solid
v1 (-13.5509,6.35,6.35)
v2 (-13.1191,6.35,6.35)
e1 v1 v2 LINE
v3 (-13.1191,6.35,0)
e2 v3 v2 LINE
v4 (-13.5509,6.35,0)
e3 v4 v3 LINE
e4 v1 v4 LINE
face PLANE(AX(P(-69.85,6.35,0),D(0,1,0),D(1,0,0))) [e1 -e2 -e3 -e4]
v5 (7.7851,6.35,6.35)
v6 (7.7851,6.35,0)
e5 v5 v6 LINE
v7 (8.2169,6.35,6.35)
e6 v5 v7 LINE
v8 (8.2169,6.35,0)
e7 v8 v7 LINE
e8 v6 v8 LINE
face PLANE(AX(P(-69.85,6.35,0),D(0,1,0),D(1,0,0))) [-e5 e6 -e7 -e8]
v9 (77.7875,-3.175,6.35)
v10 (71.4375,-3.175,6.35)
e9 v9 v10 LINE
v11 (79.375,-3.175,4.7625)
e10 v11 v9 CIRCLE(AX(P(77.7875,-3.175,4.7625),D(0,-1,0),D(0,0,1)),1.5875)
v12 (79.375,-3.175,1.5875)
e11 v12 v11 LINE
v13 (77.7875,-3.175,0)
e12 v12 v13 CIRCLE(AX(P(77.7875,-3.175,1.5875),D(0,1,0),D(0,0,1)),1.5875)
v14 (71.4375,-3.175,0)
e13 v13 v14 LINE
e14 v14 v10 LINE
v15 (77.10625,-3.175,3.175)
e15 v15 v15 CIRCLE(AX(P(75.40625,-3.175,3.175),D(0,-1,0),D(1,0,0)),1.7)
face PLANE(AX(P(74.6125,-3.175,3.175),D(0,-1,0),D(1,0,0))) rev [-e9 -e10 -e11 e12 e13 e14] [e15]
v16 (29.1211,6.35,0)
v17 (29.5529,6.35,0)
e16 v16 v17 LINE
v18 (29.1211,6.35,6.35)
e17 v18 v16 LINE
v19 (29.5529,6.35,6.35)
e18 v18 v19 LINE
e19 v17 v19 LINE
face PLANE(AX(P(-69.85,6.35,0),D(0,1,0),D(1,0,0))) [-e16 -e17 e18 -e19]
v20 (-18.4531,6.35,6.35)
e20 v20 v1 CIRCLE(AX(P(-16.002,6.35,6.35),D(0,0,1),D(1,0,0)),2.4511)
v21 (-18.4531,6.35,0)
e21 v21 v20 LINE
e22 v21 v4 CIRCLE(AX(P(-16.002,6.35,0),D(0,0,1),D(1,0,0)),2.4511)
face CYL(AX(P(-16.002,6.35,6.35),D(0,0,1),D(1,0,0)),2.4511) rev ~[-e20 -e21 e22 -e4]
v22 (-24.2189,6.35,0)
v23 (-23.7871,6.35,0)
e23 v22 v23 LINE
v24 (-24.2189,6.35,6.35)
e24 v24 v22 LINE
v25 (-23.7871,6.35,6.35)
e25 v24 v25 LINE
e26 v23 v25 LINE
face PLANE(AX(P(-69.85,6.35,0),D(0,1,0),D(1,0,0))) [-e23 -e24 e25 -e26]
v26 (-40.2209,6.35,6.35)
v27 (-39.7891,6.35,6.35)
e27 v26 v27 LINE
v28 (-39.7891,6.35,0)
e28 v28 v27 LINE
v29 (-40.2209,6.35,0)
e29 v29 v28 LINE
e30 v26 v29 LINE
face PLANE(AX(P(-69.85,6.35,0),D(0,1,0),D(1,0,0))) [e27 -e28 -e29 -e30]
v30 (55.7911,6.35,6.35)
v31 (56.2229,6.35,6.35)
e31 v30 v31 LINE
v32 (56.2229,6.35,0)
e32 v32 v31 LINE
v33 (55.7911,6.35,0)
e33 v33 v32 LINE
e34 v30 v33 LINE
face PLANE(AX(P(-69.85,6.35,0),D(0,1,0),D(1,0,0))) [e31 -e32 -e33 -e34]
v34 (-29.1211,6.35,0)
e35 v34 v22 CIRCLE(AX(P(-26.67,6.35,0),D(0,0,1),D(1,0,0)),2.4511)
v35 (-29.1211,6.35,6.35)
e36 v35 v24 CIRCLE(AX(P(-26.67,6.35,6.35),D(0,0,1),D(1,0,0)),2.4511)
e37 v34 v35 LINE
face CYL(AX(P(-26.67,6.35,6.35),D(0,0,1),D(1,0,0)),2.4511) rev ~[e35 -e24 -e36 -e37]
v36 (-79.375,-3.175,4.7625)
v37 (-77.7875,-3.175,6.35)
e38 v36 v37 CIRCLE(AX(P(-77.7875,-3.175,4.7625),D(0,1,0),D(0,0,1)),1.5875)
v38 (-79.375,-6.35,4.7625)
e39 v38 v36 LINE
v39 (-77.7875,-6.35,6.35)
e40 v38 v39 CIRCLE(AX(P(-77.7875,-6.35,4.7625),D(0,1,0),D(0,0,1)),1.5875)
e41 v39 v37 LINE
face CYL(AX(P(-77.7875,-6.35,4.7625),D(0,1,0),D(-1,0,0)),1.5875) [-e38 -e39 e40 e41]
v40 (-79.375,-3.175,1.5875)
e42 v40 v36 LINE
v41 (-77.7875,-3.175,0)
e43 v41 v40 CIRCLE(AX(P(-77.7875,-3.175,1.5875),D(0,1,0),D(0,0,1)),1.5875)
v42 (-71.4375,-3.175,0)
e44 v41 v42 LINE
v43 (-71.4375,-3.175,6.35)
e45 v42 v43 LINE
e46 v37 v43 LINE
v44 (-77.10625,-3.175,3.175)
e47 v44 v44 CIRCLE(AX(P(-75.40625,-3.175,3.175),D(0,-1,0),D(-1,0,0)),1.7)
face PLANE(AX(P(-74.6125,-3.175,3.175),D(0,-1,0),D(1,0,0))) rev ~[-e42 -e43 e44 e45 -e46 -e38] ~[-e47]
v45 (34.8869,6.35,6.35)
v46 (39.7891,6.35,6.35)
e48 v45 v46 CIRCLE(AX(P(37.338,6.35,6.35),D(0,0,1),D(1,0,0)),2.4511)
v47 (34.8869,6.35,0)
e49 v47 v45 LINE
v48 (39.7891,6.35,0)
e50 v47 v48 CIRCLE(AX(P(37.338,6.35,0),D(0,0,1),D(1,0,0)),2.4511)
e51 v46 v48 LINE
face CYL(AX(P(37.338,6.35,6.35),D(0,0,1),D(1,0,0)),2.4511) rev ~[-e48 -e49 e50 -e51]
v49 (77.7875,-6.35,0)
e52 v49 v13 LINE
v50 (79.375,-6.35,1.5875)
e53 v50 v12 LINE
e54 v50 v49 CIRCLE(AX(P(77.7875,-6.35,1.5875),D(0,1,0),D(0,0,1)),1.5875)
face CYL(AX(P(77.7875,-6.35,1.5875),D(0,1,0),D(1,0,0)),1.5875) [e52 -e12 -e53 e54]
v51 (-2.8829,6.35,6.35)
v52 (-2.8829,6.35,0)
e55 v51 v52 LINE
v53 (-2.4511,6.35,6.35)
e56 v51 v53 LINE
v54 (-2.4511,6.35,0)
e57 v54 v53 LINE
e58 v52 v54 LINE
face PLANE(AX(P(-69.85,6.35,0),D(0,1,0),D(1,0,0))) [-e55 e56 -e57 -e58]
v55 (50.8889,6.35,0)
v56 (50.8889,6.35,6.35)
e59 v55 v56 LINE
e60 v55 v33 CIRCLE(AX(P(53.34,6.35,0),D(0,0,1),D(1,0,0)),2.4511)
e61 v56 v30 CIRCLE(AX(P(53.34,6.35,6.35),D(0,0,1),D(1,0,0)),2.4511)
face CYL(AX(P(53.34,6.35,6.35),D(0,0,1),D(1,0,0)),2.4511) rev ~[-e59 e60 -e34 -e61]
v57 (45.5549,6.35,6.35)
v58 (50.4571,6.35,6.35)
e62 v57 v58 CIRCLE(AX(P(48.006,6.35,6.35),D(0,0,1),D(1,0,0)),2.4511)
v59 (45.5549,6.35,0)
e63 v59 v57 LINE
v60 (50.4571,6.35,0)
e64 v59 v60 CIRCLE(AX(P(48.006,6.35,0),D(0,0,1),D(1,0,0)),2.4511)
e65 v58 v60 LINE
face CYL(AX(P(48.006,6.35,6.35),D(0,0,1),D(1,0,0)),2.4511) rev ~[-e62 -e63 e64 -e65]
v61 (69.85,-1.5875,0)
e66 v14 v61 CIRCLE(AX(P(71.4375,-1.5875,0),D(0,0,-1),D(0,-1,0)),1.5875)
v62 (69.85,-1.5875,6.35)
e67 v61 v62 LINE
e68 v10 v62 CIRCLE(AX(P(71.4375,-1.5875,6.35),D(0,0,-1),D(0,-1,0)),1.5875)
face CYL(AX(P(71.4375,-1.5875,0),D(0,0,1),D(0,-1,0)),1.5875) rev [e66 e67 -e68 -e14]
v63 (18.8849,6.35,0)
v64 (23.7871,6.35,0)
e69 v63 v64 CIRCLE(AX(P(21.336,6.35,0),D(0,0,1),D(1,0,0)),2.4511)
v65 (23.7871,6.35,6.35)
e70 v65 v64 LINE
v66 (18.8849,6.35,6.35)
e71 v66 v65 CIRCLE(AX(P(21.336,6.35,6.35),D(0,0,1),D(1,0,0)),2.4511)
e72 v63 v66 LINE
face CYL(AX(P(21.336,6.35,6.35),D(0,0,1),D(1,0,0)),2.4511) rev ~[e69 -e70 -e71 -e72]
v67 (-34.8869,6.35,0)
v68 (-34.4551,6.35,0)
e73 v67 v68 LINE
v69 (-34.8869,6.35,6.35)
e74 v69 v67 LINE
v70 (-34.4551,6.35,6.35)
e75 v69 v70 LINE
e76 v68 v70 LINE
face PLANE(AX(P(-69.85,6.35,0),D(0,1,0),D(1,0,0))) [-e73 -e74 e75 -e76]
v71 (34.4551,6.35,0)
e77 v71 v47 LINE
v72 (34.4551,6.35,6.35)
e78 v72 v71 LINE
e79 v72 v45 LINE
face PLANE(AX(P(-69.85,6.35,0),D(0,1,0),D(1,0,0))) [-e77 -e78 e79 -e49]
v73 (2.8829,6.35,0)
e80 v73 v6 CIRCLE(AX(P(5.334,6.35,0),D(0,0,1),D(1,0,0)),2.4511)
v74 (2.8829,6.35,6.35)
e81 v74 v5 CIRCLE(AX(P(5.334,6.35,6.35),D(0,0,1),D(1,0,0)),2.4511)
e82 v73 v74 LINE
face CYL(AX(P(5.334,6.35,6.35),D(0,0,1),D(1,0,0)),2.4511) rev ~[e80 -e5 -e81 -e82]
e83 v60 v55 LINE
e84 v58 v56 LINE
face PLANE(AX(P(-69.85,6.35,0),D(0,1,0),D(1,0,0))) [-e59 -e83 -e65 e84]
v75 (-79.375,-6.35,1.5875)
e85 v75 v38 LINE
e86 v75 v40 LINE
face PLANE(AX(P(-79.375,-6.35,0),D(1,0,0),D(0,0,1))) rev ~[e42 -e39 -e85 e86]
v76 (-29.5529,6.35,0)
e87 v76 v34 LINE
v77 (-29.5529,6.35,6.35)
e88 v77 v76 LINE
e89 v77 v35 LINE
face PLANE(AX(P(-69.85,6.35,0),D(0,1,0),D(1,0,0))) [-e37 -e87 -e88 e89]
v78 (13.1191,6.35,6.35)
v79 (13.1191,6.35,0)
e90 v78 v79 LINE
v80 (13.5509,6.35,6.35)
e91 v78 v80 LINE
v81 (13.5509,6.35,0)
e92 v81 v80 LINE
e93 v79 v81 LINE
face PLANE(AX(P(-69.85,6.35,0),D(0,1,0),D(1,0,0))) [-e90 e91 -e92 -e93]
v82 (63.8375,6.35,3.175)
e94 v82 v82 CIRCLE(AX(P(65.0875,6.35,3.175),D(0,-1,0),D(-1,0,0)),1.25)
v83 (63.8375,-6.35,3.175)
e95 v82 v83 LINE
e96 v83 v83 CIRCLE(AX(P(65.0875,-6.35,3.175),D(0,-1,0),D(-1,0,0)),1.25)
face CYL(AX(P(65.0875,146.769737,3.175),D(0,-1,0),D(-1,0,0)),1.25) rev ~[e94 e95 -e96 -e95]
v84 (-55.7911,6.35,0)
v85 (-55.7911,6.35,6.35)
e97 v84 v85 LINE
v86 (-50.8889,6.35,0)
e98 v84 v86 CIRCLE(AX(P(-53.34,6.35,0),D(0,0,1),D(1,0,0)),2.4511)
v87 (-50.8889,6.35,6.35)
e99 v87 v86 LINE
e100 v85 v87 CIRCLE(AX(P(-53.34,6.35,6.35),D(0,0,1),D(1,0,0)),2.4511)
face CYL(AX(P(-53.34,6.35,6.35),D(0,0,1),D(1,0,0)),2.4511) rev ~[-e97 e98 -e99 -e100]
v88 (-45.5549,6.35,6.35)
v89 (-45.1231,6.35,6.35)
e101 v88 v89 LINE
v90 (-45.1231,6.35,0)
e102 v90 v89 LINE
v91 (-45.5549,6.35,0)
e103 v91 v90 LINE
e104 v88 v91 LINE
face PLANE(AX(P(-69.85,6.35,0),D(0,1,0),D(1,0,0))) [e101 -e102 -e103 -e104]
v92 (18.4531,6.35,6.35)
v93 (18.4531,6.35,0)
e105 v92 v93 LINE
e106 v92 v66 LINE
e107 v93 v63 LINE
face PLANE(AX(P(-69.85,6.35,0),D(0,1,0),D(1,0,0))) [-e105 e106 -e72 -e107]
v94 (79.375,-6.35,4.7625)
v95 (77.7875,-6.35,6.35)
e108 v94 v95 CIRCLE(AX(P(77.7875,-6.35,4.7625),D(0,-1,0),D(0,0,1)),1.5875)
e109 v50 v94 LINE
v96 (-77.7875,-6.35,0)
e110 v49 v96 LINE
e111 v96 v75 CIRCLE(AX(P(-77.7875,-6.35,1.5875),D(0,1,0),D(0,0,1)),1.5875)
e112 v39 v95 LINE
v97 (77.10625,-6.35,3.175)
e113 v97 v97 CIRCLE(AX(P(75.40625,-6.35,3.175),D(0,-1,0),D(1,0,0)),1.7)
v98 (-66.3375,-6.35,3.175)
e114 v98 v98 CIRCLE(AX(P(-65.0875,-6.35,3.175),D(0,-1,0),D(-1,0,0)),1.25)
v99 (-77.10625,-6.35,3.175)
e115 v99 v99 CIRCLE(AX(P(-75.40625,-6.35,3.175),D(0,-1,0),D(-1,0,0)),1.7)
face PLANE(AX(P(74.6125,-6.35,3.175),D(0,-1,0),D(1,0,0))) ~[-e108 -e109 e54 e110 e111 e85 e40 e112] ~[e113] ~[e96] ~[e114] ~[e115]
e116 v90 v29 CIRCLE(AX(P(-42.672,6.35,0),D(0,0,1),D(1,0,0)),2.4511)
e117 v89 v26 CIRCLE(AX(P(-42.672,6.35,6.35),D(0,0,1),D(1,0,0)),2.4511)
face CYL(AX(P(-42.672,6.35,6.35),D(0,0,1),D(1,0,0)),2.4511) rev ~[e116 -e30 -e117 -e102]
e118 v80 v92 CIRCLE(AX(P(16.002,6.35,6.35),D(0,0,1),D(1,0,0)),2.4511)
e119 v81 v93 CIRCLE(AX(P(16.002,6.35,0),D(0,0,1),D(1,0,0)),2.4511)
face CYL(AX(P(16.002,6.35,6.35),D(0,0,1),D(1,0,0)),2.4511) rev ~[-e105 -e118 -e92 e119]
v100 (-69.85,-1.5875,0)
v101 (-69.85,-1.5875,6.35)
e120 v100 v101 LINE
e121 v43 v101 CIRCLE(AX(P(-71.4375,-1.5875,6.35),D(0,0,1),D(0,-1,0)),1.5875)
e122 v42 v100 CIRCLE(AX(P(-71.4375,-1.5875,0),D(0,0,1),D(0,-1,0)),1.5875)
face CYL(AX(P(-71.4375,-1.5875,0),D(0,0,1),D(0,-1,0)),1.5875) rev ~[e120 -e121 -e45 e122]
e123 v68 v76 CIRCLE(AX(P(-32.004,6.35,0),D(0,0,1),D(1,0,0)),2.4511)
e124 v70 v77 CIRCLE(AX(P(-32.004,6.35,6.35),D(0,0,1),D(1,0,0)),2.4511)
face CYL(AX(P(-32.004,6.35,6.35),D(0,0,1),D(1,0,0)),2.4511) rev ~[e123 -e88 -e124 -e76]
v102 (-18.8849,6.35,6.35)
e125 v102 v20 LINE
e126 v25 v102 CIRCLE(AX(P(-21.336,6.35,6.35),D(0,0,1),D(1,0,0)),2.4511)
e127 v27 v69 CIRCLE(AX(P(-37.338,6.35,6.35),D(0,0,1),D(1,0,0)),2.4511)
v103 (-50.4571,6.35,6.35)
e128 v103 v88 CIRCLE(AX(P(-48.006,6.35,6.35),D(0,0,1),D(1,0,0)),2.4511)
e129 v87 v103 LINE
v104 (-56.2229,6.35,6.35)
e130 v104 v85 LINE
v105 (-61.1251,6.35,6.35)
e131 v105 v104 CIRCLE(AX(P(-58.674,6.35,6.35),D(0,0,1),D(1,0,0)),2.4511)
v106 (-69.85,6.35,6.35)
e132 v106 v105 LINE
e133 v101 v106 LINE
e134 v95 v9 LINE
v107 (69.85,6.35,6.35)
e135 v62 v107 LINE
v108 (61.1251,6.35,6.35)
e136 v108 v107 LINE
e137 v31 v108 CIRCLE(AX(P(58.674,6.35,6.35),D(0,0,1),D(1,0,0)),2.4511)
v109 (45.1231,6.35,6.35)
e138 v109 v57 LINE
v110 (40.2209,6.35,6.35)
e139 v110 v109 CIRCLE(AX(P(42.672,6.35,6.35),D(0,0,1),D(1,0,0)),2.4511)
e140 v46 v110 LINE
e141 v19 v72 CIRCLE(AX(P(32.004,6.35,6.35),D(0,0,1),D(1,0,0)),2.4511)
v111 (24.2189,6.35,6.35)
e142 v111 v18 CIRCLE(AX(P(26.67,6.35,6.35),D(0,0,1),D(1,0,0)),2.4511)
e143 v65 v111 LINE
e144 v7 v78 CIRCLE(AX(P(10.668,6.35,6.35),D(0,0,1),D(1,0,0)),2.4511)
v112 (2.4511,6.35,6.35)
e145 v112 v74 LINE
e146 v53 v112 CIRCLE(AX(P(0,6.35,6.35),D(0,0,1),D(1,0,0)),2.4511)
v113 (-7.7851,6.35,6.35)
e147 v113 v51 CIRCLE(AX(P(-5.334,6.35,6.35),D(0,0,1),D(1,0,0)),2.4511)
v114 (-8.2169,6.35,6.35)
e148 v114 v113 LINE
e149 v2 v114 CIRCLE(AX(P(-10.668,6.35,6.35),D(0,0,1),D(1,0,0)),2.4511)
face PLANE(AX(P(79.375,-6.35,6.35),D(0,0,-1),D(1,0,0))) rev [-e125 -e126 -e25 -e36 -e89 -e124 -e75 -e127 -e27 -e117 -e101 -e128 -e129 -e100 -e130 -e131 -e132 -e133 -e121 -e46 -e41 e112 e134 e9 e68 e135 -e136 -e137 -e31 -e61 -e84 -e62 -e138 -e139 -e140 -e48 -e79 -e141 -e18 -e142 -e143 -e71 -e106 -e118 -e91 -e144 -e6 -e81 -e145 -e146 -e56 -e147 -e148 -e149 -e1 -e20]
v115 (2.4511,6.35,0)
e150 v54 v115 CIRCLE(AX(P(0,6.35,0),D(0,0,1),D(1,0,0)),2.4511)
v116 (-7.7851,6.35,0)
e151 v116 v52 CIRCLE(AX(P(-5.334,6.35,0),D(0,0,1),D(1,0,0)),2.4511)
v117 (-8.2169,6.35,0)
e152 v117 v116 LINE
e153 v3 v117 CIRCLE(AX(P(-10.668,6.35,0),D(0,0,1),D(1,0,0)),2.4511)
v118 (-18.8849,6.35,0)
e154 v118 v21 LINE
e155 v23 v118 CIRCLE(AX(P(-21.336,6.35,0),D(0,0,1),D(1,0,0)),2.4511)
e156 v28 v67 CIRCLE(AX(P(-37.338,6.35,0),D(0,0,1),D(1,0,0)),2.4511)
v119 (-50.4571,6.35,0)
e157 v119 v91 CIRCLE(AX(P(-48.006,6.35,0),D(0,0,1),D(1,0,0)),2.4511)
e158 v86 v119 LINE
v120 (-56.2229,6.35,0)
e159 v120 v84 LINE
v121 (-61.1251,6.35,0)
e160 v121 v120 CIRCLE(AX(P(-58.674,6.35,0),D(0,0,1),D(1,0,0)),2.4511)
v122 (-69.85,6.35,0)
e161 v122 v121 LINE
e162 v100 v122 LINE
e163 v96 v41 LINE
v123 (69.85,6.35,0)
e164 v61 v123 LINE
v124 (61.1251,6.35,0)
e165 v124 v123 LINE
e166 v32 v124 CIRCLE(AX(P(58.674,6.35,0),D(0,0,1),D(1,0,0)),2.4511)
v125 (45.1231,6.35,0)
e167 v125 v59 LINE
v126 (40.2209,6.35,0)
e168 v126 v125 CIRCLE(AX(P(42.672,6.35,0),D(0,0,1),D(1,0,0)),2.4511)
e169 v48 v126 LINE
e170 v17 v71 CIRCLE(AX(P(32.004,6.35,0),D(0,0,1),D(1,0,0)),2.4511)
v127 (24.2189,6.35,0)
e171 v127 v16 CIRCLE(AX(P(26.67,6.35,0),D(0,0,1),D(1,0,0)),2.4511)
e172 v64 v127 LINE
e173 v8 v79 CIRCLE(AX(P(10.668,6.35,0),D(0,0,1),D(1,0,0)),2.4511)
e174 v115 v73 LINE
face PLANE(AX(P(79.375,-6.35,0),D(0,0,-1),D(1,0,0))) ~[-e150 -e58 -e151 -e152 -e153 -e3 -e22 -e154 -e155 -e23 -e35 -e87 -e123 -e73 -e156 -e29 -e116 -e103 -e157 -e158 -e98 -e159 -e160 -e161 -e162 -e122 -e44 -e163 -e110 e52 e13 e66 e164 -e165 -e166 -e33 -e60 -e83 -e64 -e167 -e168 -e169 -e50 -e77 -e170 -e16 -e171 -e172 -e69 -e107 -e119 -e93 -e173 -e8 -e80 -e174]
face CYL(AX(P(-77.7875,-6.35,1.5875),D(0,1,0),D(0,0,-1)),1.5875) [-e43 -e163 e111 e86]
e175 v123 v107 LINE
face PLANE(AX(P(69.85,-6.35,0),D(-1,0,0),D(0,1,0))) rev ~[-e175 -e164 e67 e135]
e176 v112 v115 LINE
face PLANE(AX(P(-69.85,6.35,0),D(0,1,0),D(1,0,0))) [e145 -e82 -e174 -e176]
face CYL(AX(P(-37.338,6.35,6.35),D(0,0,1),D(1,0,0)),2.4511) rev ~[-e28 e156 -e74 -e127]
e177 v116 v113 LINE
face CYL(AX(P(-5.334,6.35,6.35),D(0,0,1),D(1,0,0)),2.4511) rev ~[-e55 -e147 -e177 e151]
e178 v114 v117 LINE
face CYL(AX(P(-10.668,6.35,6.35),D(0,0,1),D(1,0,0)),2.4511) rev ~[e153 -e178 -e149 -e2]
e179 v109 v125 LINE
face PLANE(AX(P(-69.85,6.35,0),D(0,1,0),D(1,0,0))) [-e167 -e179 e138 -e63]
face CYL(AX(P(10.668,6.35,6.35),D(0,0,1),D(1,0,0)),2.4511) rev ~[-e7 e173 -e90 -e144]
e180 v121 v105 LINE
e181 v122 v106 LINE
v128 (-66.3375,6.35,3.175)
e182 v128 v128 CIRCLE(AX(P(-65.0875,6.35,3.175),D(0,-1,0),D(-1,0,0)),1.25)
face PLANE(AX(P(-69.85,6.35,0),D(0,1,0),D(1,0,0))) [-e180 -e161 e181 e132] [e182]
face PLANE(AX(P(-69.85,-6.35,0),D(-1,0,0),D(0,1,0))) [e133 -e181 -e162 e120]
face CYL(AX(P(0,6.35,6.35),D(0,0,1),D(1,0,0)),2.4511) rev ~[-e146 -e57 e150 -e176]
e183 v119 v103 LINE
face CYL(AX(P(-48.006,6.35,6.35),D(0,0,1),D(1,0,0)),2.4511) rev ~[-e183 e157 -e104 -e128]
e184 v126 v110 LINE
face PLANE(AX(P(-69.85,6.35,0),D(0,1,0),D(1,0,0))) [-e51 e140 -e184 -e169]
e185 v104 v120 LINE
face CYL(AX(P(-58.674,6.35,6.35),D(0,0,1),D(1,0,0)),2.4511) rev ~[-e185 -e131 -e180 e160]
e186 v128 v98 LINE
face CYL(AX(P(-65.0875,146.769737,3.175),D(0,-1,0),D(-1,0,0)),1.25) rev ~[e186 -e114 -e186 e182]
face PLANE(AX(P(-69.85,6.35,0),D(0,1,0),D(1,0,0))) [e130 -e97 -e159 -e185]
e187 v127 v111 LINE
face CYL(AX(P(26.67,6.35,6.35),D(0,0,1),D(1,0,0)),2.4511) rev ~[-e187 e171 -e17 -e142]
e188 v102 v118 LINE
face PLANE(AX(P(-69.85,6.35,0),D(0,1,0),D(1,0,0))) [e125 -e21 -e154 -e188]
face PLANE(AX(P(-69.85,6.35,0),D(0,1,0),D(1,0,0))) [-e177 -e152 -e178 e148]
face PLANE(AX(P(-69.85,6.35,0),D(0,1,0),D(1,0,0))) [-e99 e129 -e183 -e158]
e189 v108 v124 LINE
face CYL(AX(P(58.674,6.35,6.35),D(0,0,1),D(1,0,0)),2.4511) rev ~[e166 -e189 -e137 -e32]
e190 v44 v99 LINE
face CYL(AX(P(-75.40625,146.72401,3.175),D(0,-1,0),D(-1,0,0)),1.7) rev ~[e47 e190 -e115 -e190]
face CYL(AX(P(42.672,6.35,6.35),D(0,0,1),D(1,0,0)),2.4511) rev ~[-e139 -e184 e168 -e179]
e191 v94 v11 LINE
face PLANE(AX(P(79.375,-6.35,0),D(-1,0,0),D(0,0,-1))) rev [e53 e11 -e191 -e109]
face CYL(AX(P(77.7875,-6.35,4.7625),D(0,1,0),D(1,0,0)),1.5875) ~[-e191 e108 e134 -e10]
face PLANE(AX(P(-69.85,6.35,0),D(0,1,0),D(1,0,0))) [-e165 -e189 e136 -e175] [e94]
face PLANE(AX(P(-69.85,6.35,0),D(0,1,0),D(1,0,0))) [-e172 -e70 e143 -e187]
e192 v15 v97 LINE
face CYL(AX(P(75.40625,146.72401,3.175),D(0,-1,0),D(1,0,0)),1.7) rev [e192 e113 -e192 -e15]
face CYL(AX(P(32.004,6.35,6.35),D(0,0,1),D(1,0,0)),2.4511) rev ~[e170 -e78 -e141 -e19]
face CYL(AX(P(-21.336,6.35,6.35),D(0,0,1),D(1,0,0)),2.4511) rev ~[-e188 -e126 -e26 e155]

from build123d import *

# Parameters (mm, degrees)
SKETCH1_W                   = 139.7
SKETCH1_H                   = 12.7
BOSS_EXTRUDE1_DEPTH         = 6.35
SKETCH2_R                   = 2.4511
CUT_EXTRUDE1_DEPTH          = 7.35
TAP_DRILL_FOR_M3X0_5_TAP1_D = 2.5
SKETCH5_W                   = 9.525
SKETCH5_H                   = 6.35
BOSS_EXTRUDE2_DEPTH         = 3.175
FILLET1_R                   = 1.5875
M3_CLEARANCE_HOLE1_D        = 3.4
FILLET2_R                   = 1.5875
FILLET2_OF_MIRROR5_R        = 1.5875
FILLET3_R                   = 1.5875


with BuildPart() as part:
    # Sketch1 → Boss-Extrude1 (new body)
    with BuildSketch(Plane.XY):
        Rectangle(SKETCH1_W, SKETCH1_H)
    extrude(amount=BOSS_EXTRUDE1_DEPTH)

    # Sketch2 → Cut-Extrude1 (cut, through all)
    with BuildSketch(Plane.XY.offset(6.35)):
        with Locations((0, 6.35)):
            Circle(SKETCH2_R)
        with Locations((5.334, 6.35)):
            Circle(SKETCH2_R)
        with Locations((10.668, 6.35)):
            Circle(SKETCH2_R)
        with Locations((16.002, 6.35)):
            Circle(SKETCH2_R)
        with Locations((21.336, 6.35)):
            Circle(SKETCH2_R)
        with Locations((26.67, 6.35)):
            Circle(SKETCH2_R)
        with Locations((32.004, 6.35)):
            Circle(SKETCH2_R)
        with Locations((37.338, 6.35)):
            Circle(SKETCH2_R)
        with Locations((42.672, 6.35)):
            Circle(SKETCH2_R)
        with Locations((48.006, 6.35)):
            Circle(SKETCH2_R)
        with Locations((53.34, 6.35)):
            Circle(SKETCH2_R)
        with Locations((58.674, 6.35)):
            Circle(SKETCH2_R)
        with Locations((-5.334, 6.35)):
            Circle(SKETCH2_R)
        with Locations((-10.668, 6.35)):
            Circle(SKETCH2_R)
        with Locations((-16.002, 6.35)):
            Circle(SKETCH2_R)
        with Locations((-21.336, 6.35)):
            Circle(SKETCH2_R)
        with Locations((-26.67, 6.35)):
            Circle(SKETCH2_R)
        with Locations((-32.004, 6.35)):
            Circle(SKETCH2_R)
        with Locations((-37.338, 6.35)):
            Circle(SKETCH2_R)
        with Locations((-42.672, 6.35)):
            Circle(SKETCH2_R)
        with Locations((-48.006, 6.35)):
            Circle(SKETCH2_R)
        with Locations((-53.34, 6.35)):
            Circle(SKETCH2_R)
        with Locations((-58.674, 6.35)):
            Circle(SKETCH2_R)
    extrude(amount=-CUT_EXTRUDE1_DEPTH, mode=Mode.SUBTRACT)

    # Tap Drill for M3x0.5 Tap1 (through all)
    with Locations(Plane(origin=(0, 6.35, 0), x_dir=(1, 0, 0), z_dir=(0, 1, 0))):
        with Locations((-65.0875, -3.175), (65.0875, -3.175)):
            Hole(TAP_DRILL_FOR_M3X0_5_TAP1_D / 2)

    # Sketch5 → Boss-Extrude2 (add)
    with BuildSketch(Plane.XZ.offset(6.35)):
        with Locations((-74.6125, 3.175)):
            Rectangle(SKETCH5_W, SKETCH5_H)
    boss_extrude2 = extrude(amount=-BOSS_EXTRUDE2_DEPTH)

    # Fillet1
    fillet1_edges = [part.edges().sort_by_distance(p)[0] for p in [
        (-69.85, -3.175, 3.175),
    ]]
    fillet(fillet1_edges, radius=FILLET1_R)

    # M3 Clearance Hole1 (through all)
    with Locations(Plane(origin=(0, -3.175, 0), x_dir=(1, 0, 0), z_dir=(0, 1, 0))):
        with Locations((-75.40625, -3.175)):
            m3_clearance_hole1 = Hole(M3_CLEARANCE_HOLE1_D / 2)

    # Fillet2
    fillet2_edges = [part.edges().sort_by_distance(p)[0] for p in [
        (-79.375, -4.7625, 0),
        (-79.375, -4.7625, 6.35),
    ]]
    fillet(fillet2_edges, radius=FILLET2_R)

    # Mirror5: Boss-Extrude2, M3 Clearance Hole1 across plane
    add(boss_extrude2.mirror(Plane(origin=(0, 0, 0), x_dir=(0, 0, 1), z_dir=(1, 0, 0))))
    add(m3_clearance_hole1.mirror(Plane(origin=(0, 0, 0), x_dir=(0, 0, 1), z_dir=(1, 0, 0))), mode=Mode.SUBTRACT)

    # Fillet2 of Mirror5
    fillet2_of_mirror5_edges = [part.edges().sort_by_distance(p)[0] for p in [
        (79.375, -4.7625, 0),
        (79.375, -4.7625, 6.35),
    ]]
    fillet(fillet2_of_mirror5_edges, radius=FILLET2_OF_MIRROR5_R)

    # Fillet3
    fillet3_edges = [part.edges().sort_by_distance(p)[0] for p in [
        (69.85, -3.175, 3.175),
    ]]
    fillet(fillet3_edges, radius=FILLET3_R)


solid = part.part
